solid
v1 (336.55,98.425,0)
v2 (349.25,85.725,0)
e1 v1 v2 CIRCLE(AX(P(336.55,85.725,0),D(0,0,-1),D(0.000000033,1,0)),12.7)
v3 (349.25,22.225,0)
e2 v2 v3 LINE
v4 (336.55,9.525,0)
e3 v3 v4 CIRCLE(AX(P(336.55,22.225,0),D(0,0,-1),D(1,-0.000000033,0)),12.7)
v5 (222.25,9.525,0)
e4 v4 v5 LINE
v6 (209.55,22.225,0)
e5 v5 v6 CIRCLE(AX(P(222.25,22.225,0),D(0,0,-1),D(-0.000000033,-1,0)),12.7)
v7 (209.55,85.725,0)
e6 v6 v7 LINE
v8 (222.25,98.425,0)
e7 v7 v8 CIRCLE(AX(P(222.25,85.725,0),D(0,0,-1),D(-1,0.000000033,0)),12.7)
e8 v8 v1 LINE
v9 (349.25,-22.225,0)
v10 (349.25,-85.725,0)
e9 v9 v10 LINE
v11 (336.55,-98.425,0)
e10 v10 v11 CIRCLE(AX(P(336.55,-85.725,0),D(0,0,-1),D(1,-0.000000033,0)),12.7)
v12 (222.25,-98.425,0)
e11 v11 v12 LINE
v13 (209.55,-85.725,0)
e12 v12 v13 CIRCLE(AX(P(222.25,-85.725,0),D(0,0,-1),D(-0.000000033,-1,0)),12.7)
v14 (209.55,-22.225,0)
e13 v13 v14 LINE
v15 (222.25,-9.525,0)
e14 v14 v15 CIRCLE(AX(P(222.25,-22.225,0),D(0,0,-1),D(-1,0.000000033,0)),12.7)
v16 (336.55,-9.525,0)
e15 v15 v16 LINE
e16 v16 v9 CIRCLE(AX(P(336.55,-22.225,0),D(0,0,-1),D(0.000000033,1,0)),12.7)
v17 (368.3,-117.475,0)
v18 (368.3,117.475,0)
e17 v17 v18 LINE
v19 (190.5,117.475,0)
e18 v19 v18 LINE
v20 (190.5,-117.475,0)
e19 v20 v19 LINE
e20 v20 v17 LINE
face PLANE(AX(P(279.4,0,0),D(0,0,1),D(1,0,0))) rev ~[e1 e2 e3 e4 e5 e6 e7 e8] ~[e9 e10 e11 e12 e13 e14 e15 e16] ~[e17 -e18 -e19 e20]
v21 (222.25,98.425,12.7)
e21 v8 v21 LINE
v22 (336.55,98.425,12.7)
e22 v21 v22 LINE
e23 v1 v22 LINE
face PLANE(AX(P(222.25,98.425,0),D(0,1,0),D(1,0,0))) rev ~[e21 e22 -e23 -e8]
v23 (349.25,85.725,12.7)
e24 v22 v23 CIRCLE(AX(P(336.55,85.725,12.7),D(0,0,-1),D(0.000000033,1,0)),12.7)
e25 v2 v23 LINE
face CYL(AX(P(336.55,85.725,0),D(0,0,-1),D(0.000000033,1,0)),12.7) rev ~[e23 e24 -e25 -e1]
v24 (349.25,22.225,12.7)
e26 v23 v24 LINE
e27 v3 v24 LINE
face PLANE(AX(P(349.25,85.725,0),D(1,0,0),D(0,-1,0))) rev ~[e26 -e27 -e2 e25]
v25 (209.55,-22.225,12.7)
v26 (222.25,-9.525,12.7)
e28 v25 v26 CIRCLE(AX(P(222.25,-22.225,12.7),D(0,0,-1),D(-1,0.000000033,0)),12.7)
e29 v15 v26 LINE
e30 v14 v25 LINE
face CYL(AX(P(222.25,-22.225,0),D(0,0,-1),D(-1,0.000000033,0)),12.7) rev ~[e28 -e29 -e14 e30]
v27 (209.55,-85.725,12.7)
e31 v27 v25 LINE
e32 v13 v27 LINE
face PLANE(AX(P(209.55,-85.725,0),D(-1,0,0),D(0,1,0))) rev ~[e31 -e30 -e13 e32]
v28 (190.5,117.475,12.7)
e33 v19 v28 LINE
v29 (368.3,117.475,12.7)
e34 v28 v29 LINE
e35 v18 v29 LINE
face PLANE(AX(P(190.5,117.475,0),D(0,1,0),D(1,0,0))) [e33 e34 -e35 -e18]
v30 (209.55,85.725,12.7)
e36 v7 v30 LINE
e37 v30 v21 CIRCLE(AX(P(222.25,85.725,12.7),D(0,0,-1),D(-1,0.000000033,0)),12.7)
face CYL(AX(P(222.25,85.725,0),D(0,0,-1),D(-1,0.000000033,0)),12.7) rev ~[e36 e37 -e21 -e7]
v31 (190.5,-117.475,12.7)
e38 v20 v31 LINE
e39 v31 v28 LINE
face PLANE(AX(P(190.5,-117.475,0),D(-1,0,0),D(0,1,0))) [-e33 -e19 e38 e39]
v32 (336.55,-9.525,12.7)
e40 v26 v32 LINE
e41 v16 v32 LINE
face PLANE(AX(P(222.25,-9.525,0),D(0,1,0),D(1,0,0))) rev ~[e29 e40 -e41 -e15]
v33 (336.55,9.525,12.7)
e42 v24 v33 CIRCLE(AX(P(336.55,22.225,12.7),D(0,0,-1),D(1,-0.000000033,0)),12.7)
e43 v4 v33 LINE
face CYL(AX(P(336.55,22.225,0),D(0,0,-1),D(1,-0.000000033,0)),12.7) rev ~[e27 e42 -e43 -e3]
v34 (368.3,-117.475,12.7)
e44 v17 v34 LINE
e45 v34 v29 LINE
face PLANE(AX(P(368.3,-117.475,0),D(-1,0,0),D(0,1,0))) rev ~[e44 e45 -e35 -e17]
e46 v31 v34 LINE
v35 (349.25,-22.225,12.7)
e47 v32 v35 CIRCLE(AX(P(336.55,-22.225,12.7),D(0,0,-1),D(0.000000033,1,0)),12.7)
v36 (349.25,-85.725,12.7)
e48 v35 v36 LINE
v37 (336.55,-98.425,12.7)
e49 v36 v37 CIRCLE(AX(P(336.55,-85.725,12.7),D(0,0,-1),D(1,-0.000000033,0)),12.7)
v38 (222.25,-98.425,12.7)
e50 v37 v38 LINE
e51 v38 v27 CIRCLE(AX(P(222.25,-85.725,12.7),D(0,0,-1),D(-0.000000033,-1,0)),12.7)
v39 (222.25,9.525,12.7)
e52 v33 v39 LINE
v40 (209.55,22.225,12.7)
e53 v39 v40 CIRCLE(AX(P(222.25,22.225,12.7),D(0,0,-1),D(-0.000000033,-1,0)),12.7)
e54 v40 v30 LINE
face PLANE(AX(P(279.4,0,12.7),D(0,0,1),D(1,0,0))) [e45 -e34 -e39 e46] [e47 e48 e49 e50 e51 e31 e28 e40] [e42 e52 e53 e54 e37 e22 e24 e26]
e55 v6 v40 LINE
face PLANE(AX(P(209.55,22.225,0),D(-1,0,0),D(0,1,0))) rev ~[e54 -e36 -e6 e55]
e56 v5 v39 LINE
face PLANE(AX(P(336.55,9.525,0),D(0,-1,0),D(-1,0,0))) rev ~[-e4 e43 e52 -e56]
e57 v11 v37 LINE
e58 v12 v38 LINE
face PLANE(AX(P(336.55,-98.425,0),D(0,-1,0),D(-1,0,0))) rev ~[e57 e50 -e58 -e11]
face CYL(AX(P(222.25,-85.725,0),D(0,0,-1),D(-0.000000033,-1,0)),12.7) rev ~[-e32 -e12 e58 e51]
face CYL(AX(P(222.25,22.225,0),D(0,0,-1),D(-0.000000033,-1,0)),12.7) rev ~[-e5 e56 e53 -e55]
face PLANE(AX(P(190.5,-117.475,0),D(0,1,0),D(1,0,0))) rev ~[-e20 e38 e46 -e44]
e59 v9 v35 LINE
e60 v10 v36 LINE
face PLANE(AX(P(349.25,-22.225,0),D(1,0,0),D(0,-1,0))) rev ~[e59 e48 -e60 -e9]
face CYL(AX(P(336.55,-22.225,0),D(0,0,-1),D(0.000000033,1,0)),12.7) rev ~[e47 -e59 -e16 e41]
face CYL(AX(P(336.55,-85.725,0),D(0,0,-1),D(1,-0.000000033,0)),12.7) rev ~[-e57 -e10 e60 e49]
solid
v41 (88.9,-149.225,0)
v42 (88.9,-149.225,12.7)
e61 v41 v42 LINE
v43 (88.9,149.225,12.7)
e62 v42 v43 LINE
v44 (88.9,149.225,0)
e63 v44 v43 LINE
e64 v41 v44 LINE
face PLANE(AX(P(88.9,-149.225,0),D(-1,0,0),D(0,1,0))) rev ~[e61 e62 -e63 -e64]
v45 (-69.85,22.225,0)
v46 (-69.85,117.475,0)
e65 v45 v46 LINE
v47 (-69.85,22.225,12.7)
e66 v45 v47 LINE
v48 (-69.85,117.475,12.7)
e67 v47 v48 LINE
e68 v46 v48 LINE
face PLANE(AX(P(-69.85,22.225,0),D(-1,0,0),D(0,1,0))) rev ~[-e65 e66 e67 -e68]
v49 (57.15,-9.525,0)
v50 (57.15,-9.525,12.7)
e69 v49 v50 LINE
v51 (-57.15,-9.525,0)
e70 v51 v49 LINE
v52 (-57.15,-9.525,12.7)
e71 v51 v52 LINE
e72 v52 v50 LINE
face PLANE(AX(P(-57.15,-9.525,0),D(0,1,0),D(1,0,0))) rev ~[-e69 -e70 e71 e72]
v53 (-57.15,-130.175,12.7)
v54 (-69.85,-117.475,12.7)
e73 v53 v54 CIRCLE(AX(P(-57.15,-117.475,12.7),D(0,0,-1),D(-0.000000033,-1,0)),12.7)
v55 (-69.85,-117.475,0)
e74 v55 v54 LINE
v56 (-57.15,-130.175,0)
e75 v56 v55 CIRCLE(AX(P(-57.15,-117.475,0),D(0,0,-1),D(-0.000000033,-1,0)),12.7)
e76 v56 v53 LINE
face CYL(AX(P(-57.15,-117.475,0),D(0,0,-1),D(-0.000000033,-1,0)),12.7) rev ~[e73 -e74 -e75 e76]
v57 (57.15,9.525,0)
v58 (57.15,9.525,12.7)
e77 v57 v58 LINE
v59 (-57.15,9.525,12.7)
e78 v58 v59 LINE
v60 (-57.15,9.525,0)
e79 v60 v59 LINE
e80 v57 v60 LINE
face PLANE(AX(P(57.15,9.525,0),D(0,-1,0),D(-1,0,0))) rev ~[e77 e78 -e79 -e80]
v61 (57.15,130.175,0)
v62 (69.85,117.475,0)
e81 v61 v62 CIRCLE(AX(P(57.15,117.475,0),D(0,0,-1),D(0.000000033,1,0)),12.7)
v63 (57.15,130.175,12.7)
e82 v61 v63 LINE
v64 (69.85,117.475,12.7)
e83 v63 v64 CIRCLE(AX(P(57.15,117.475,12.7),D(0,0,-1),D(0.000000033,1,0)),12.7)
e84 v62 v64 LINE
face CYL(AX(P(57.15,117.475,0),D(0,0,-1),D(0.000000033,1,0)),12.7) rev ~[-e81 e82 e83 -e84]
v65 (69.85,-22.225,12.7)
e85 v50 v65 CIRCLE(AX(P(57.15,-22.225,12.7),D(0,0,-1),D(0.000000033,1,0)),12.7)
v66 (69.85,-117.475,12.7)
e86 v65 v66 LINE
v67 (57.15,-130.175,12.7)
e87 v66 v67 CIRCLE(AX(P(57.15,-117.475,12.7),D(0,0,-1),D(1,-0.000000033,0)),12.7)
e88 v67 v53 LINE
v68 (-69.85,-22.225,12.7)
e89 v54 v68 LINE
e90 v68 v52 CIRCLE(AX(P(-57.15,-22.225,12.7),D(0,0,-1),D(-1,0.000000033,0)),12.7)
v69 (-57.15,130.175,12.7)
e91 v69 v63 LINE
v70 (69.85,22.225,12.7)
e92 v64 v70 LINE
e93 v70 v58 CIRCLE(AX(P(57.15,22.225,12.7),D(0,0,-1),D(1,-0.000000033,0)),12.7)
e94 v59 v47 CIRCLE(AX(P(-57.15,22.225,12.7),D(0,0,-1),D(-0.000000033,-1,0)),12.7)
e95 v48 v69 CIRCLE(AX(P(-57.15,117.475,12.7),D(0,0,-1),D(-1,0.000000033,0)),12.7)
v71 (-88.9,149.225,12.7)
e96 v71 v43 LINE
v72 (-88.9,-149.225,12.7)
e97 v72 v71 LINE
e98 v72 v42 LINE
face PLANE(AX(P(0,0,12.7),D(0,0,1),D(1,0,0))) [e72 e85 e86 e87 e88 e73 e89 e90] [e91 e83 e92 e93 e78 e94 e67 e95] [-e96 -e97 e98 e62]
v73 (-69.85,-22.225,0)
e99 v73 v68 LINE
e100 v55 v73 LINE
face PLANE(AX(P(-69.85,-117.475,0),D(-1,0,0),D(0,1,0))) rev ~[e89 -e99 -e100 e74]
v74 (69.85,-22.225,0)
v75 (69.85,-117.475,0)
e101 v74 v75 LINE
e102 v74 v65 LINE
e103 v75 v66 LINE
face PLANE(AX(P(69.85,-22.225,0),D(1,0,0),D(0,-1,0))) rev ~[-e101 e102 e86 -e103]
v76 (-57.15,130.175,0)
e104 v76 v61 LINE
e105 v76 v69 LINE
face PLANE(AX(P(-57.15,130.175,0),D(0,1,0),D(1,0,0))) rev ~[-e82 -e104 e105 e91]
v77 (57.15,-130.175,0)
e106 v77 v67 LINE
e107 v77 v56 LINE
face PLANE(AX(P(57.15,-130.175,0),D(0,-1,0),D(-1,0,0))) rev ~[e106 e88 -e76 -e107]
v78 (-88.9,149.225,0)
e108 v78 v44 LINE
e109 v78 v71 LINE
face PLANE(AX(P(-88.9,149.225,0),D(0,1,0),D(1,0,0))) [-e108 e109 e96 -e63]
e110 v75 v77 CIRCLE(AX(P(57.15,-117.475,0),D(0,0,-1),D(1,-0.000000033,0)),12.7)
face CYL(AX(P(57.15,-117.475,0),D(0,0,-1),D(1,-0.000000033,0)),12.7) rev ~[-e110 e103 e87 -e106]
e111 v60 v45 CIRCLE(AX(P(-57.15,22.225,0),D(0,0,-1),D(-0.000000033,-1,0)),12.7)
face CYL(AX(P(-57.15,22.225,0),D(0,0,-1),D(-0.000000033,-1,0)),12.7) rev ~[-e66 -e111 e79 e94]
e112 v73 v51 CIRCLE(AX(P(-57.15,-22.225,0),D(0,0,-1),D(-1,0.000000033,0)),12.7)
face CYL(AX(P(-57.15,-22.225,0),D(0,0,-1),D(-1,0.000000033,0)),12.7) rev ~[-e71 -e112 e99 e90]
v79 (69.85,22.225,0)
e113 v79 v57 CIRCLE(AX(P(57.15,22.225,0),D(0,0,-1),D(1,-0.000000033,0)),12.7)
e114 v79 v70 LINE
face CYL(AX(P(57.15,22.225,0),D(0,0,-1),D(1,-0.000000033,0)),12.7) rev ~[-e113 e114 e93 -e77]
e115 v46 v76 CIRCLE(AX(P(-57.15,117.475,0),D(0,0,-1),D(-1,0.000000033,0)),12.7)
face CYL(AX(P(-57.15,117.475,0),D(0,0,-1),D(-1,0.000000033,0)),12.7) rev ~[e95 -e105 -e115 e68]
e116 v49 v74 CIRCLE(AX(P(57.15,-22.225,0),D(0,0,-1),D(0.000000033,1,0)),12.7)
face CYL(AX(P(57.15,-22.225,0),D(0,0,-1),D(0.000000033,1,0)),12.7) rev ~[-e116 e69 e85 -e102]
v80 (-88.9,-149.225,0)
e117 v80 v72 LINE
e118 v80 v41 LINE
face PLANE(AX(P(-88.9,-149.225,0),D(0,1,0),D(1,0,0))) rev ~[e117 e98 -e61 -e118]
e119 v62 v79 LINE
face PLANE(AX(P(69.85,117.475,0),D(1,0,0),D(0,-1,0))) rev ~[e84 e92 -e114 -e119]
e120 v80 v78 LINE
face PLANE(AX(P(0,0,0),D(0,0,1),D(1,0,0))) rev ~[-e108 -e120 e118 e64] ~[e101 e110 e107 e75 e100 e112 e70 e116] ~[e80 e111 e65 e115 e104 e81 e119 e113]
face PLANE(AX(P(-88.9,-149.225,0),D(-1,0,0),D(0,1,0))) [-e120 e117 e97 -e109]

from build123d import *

# Parameters (mm, degrees)
F0_W     = 177.8
F0_H     = 298.45
F1_DEPTH = 12.7
F0_H_2   = 234.95
F2_DEPTH = 12.7


with BuildPart() as f1:
    # F0 (on Top) → F1 (new body)
    with BuildSketch(Plane.XY):
        Rectangle(F0_W, F0_H)
        Polygon((-69.85, -22.225), (-69.85, -9.525), (-57.15, -9.525), (57.15, -9.525), (69.85, -9.525), (69.85, -22.225), (69.85, -117.475), (69.85, -130.175), (57.15, -130.175), (-57.15, -130.175), (-69.85, -130.175), (-69.85, -117.475), align=None, mode=Mode.SUBTRACT)
        Polygon((-69.85, 117.475), (-69.85, 130.175), (-57.15, 130.175), (57.15, 130.175), (69.85, 130.175), (69.85, 117.475), (69.85, 22.225), (69.85, 9.525), (57.15, 9.525), (-57.15, 9.525), (-69.85, 9.525), (-69.85, 22.225), align=None, mode=Mode.SUBTRACT)
        with BuildLine():
            Line((-57.15, 130.175), (-69.85, 130.175))
            Line((-69.85, 130.175), (-69.85, 117.475))
            ThreePointArc((-69.85, 117.475), (-66.130256, 126.455256), (-57.15, 130.175))
        make_face()
        with BuildLine():
            Line((69.85, 130.175), (57.15, 130.175))
            ThreePointArc((57.15, 130.175), (66.130256, 126.455256), (69.85, 117.475))
            Line((69.85, 117.475), (69.85, 130.175))
        make_face()
        with BuildLine():
            Line((69.85, 9.525), (69.85, 22.225))
            ThreePointArc((69.85, 22.225), (66.130256, 13.244744), (57.15, 9.525))
            Line((57.15, 9.525), (69.85, 9.525))
        make_face()
        with BuildLine():
            ThreePointArc((-57.15, 9.525), (-66.130256, 13.244744), (-69.85, 22.225))
            Line((-69.85, 22.225), (-69.85, 9.525))
            Line((-69.85, 9.525), (-57.15, 9.525))
        make_face()
        with BuildLine():
            Line((-57.15, -9.525), (-69.85, -9.525))
            Line((-69.85, -9.525), (-69.85, -22.225))
            ThreePointArc((-69.85, -22.225), (-66.130256, -13.244744), (-57.15, -9.525))
        make_face()
        with BuildLine():
            Line((69.85, -9.525), (57.15, -9.525))
            ThreePointArc((57.15, -9.525), (66.130256, -13.244744), (69.85, -22.225))
            Line((69.85, -22.225), (69.85, -9.525))
        make_face()
        with BuildLine():
            Line((69.85, -130.175), (69.85, -117.475))
            ThreePointArc((69.85, -117.475), (66.130256, -126.455256), (57.15, -130.175))
            Line((57.15, -130.175), (69.85, -130.175))
        make_face()
        with BuildLine():
            ThreePointArc((-57.15, -130.175), (-66.130256, -126.455256), (-69.85, -117.475))
            Line((-69.85, -117.475), (-69.85, -130.175))
            Line((-69.85, -130.175), (-57.15, -130.175))
        make_face()
    extrude(amount=F1_DEPTH)


with BuildPart() as f2:
    # F0 (on Top) → F2 (new body)
    with BuildSketch(Plane.XY):
        with Locations((279.4, 0)):
            Rectangle(F0_W, F0_H_2)
        Polygon((222.25, -98.425), (209.55, -98.425), (209.55, -85.725), (209.55, -22.225), (209.55, -9.525), (222.25, -9.525), (336.55, -9.525), (349.25, -9.525), (349.25, -22.225), (349.25, -85.725), (349.25, -98.425), (336.55, -98.425), align=None, mode=Mode.SUBTRACT)
        Polygon((209.55, 85.725), (209.55, 98.425), (222.25, 98.425), (336.55, 98.425), (349.25, 98.425), (349.25, 85.725), (349.25, 22.225), (349.25, 9.525), (336.55, 9.525), (222.25, 9.525), (209.55, 9.525), (209.55, 22.225), align=None, mode=Mode.SUBTRACT)
        with BuildLine():
            Line((222.25, 98.425), (209.55, 98.425))
            Line((209.55, 98.425), (209.55, 85.725))
            ThreePointArc((209.55, 85.725), (213.269744, 94.705256), (222.25, 98.425))
        make_face()
        with BuildLine():
            Line((349.25, 98.425), (336.55, 98.425))
            ThreePointArc((336.55, 98.425), (345.530256, 94.705256), (349.25, 85.725))
            Line((349.25, 85.725), (349.25, 98.425))
        make_face()
        with BuildLine():
            Line((349.25, 9.525), (349.25, 22.225))
            ThreePointArc((349.25, 22.225), (345.530256, 13.244744), (336.55, 9.525))
            Line((336.55, 9.525), (349.25, 9.525))
        make_face()
        with BuildLine():
            ThreePointArc((222.25, 9.525), (213.269744, 13.244744), (209.55, 22.225))
            Line((209.55, 22.225), (209.55, 9.525))
            Line((209.55, 9.525), (222.25, 9.525))
        make_face()
        with BuildLine():
            Line((209.55, -9.525), (209.55, -22.225))
            ThreePointArc((209.55, -22.225), (213.269744, -13.244744), (222.25, -9.525))
            Line((222.25, -9.525), (209.55, -9.525))
        make_face()
        with BuildLine():
            ThreePointArc((336.55, -9.525), (345.530256, -13.244744), (349.25, -22.225))
            Line((349.25, -22.225), (349.25, -9.525))
            Line((349.25, -9.525), (336.55, -9.525))
        make_face()
        with BuildLine():
            ThreePointArc((349.25, -85.725), (345.530256, -94.705256), (336.55, -98.425))
            Line((336.55, -98.425), (349.25, -98.425))
            Line((349.25, -98.425), (349.25, -85.725))
        make_face()
        with BuildLine():
            Line((209.55, -85.725), (209.55, -98.425))
            Line((209.55, -98.425), (222.25, -98.425))
            ThreePointArc((222.25, -98.425), (213.269744, -94.705256), (209.55, -85.725))
        make_face()
    extrude(amount=F2_DEPTH)


solid = Compound([f1.part, f2.part])
